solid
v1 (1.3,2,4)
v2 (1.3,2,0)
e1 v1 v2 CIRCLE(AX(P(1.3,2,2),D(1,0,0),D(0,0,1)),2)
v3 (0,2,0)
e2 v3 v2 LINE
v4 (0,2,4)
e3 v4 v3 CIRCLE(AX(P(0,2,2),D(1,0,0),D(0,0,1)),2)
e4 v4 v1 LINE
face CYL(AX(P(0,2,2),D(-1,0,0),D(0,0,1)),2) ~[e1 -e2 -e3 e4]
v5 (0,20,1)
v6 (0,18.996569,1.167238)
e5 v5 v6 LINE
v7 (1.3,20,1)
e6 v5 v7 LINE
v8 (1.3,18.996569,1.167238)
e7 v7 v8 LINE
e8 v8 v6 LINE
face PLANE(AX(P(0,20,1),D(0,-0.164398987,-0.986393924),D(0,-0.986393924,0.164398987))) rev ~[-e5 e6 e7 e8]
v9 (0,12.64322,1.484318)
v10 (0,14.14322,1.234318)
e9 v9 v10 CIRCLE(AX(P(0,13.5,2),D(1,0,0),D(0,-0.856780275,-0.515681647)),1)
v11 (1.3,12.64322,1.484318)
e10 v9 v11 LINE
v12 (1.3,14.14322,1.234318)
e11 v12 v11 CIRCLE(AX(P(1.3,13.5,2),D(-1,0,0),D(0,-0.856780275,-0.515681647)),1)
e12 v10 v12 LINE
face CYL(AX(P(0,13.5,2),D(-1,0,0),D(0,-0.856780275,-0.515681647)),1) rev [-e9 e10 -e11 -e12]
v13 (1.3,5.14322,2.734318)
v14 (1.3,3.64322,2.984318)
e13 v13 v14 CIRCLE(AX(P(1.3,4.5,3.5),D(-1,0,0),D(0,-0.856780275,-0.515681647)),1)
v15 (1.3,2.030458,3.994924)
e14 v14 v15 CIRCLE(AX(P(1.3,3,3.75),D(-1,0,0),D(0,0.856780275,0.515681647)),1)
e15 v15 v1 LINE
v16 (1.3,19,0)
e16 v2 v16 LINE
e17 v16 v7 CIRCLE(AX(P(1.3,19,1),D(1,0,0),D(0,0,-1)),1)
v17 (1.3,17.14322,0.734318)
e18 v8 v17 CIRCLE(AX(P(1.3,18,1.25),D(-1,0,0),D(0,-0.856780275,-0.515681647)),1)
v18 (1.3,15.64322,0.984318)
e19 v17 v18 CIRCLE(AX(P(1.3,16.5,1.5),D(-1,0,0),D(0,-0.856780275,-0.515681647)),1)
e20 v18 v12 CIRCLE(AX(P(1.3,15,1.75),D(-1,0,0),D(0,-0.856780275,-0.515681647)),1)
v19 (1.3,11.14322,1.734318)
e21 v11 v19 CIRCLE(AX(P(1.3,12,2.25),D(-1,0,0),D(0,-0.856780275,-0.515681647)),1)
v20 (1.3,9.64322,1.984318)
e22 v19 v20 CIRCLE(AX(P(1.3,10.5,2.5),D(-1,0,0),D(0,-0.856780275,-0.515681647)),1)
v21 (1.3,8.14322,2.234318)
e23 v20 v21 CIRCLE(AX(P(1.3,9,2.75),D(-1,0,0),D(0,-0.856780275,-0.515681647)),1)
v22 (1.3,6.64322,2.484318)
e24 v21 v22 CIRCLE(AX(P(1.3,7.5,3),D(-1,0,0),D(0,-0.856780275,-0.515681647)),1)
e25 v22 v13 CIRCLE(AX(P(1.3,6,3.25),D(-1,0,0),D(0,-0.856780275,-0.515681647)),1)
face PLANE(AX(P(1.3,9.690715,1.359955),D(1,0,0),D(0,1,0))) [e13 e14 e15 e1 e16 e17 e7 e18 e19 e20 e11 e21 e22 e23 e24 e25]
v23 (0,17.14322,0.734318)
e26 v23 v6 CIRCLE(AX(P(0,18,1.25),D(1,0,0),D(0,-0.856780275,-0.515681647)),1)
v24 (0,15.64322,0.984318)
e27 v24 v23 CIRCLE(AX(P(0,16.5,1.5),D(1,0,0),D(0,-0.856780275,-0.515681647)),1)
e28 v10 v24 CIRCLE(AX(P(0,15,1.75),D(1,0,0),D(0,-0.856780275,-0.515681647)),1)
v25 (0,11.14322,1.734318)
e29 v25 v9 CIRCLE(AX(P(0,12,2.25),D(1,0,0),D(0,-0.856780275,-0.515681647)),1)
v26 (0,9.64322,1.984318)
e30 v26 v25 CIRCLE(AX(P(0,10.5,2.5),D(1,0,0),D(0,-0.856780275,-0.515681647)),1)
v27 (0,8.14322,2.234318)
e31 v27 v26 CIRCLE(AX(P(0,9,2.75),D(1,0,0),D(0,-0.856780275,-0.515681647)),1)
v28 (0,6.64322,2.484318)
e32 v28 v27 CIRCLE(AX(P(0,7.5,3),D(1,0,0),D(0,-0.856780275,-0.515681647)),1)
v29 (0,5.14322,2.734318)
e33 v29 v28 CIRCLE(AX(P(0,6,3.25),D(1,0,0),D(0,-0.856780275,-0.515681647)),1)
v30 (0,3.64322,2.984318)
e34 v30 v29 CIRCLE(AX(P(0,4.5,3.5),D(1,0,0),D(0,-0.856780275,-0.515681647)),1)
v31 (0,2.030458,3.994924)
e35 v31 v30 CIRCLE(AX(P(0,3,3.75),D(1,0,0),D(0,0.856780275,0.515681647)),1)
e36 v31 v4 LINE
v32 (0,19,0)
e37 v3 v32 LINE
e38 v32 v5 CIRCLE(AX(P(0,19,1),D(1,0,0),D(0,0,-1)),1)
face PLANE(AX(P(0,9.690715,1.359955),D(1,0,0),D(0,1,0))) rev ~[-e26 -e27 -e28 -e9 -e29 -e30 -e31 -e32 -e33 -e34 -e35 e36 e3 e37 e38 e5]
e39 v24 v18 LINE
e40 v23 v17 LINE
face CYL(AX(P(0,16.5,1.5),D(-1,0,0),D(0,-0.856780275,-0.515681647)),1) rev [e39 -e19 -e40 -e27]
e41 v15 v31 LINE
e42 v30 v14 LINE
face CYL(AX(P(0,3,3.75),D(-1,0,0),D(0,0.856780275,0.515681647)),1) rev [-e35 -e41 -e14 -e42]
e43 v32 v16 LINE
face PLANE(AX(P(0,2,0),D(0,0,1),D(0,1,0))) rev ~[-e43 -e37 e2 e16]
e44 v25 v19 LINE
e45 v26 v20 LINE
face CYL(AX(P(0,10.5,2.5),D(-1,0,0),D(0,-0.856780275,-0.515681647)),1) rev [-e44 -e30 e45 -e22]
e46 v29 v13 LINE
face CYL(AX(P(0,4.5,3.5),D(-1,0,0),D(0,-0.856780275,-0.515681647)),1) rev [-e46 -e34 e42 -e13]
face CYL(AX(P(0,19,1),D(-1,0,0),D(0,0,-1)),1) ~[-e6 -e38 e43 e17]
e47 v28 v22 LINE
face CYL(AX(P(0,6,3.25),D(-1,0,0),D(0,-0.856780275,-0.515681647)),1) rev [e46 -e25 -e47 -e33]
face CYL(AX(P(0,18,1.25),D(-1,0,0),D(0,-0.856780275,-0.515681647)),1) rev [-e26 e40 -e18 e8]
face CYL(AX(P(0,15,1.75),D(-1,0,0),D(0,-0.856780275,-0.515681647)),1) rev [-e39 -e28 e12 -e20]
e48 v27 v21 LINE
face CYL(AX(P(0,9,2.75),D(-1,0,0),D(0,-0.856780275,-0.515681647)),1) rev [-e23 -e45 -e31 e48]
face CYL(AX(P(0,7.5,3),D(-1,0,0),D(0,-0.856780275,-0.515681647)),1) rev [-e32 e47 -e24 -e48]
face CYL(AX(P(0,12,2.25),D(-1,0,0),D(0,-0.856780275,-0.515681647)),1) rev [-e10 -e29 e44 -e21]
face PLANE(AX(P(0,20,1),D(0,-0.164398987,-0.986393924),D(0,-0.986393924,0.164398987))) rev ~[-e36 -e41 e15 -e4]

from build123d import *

# Parameters (mm, degrees)
F2_DEPTH = 1.3
F3_DEPTH = 1.301


with BuildPart() as f2:
    # F0 (on Right) → F2 (new body)
    with BuildSketch(Plane.YZ):
        with BuildLine():
            ThreePointArc((2, 4), (0, 2), (2, 0))
            Line((2, 0), (19, 0))
            ThreePointArc((19, 0), (19.7071067812, 0.2928932188), (20, 1))
            Line((20, 1), (2, 4))
        make_face()
    extrude(amount=F2_DEPTH)

    # F1 (on Right) → F3 (cut, through all)
    with BuildSketch(Plane.YZ):
        with BuildLine():
            ThreePointArc((9.6432197255, 1.9843183529), (9.906426976, 2.3276374339), (10, 2.75))
            ThreePointArc((10, 2.75), (9.9635300396, 3.017600192), (9.8567802745, 3.2656816471))
            ThreePointArc((9.8567802745, 3.2656816471), (9.5136060762, 2.6643989873), (9.6432197255, 1.9843183529))
        make_face()
        with BuildLine():
            ThreePointArc((9.8567802745, 3.2656816471), (9.9635300396, 3.017600192), (10, 2.75))
            ThreePointArc((10, 2.75), (9.906426976, 2.3276374339), (9.6432197255, 1.9843183529))
            ThreePointArc((9.6432197255, 1.9843183529), (10.3356010127, 1.5136060762), (11.1432197255, 1.7343183529))
            ThreePointArc((11.1432197255, 1.7343183529), (11.0136060762, 2.4143989873), (11.3567802745, 3.0156816471))
            ThreePointArc((11.3567802745, 3.0156816471), (10.6643989873, 3.4863939238), (9.8567802745, 3.2656816471))
        make_face()
        with BuildLine():
            ThreePointArc((9.6432197255, 1.9843183529), (9.5136060762, 2.6643989873), (9.8567802745, 3.2656816471))
            ThreePointArc((9.8567802745, 3.2656816471), (9.1643989873, 3.7363939238), (8.3567802745, 3.5156816471))
            ThreePointArc((8.3567802745, 3.5156816471), (8.4635300396, 3.267600192), (8.5, 3))
            ThreePointArc((8.5, 3), (8.406426976, 2.5776374339), (8.1432197255, 2.2343183529))
            ThreePointArc((8.1432197255, 2.2343183529), (8.8356010127, 1.7636060762), (9.6432197255, 1.9843183529))
        make_face()
        with BuildLine():
            ThreePointArc((8.5, 3), (8.4635300396, 3.267600192), (8.3567802745, 3.5156816471))
            ThreePointArc((8.3567802745, 3.5156816471), (8.0136060762, 2.9143989873), (8.1432197255, 2.2343183529))
            ThreePointArc((8.1432197255, 2.2343183529), (8.406426976, 2.5776374339), (8.5, 3))
        make_face()
        with BuildLine():
            ThreePointArc((8.1432197255, 2.2343183529), (8.0136060762, 2.9143989873), (8.3567802745, 3.5156816471))
            ThreePointArc((8.3567802745, 3.5156816471), (7.6643989873, 3.9863939238), (6.8567802745, 3.7656816471))
            ThreePointArc((6.8567802745, 3.7656816471), (6.9635300396, 3.517600192), (7, 3.25))
            ThreePointArc((7, 3.25), (6.906426976, 2.8276374339), (6.6432197255, 2.4843183529))
            ThreePointArc((6.6432197255, 2.4843183529), (7.3356010127, 2.0136060762), (8.1432197255, 2.2343183529))
        make_face()
        with BuildLine():
            ThreePointArc((12.8567802745, 2.7656816471), (12.1643989873, 3.2363939238), (11.3567802745, 3.0156816471))
            ThreePointArc((11.3567802745, 3.0156816471), (11.4635300396, 2.767600192), (11.5, 2.5))
            ThreePointArc((11.5, 2.5), (11.406426976, 2.0776374339), (11.1432197255, 1.7343183529))
            ThreePointArc((11.1432197255, 1.7343183529), (11.8356010127, 1.2636060762), (12.6432197255, 1.4843183529))
            ThreePointArc((12.6432197255, 1.4843183529), (12.5136060762, 2.1643989873), (12.8567802745, 2.7656816471))
        make_face()
        with BuildLine():
            ThreePointArc((11.5, 2.5), (11.4635300396, 2.767600192), (11.3567802745, 3.0156816471))
            ThreePointArc((11.3567802745, 3.0156816471), (11.0136060762, 2.4143989873), (11.1432197255, 1.7343183529))
            ThreePointArc((11.1432197255, 1.7343183529), (11.406426976, 2.0776374339), (11.5, 2.5))
        make_face()
        with BuildLine():
            ThreePointArc((6.6432197255, 2.4843183529), (6.5136060762, 3.1643989873), (6.8567802745, 3.7656816471))
            ThreePointArc((6.8567802745, 3.7656816471), (6.1643989873, 4.2363939238), (5.3567802745, 4.0156816471))
            ThreePointArc((5.3567802745, 4.0156816471), (5.4635300396, 3.767600192), (5.5, 3.5))
            ThreePointArc((5.5, 3.5), (5.406426976, 3.0776374339), (5.1432197255, 2.7343183529))
            ThreePointArc((5.1432197255, 2.7343183529), (5.8356010127, 2.2636060762), (6.6432197255, 2.4843183529))
        make_face()
        with BuildLine():
            ThreePointArc((7, 3.25), (6.9635300396, 3.517600192), (6.8567802745, 3.7656816471))
            ThreePointArc((6.8567802745, 3.7656816471), (6.5136060762, 3.1643989873), (6.6432197255, 2.4843183529))
            ThreePointArc((6.6432197255, 2.4843183529), (6.906426976, 2.8276374339), (7, 3.25))
        make_face()
        with BuildLine():
            ThreePointArc((14.3567802745, 2.5156816471), (13.6643989873, 2.9863939238), (12.8567802745, 2.7656816471))
            ThreePointArc((12.8567802745, 2.7656816471), (12.9635300396, 2.517600192), (13, 2.25))
            ThreePointArc((13, 2.25), (12.906426976, 1.8276374339), (12.6432197255, 1.4843183529))
            ThreePointArc((12.6432197255, 1.4843183529), (13.3356010127, 1.0136060762), (14.1432197255, 1.2343183529))
            ThreePointArc((14.1432197255, 1.2343183529), (14.0136060762, 1.9143989873), (14.3567802745, 2.5156816471))
        make_face()
        with BuildLine():
            ThreePointArc((13, 2.25), (12.9635300396, 2.517600192), (12.8567802745, 2.7656816471))
            ThreePointArc((12.8567802745, 2.7656816471), (12.5136060762, 2.1643989873), (12.6432197255, 1.4843183529))
            ThreePointArc((12.6432197255, 1.4843183529), (12.906426976, 1.8276374339), (13, 2.25))
        make_face()
        with BuildLine():
            ThreePointArc((5.1432197255, 2.7343183529), (5.0136060762, 3.4143989873), (5.3567802745, 4.0156816471))
            ThreePointArc((5.3567802745, 4.0156816471), (4.6643989873, 4.4863939238), (3.8567802745, 4.2656816471))
            ThreePointArc((3.8567802745, 4.2656816471), (3.9635300396, 4.017600192), (4, 3.75))
            ThreePointArc((4, 3.75), (3.906426976, 3.3276374339), (3.6432197255, 2.9843183529))
            ThreePointArc((3.6432197255, 2.9843183529), (4.3356010127, 2.5136060762), (5.1432197255, 2.7343183529))
        make_face()
        with BuildLine():
            ThreePointArc((5.5, 3.5), (5.4635300396, 3.767600192), (5.3567802745, 4.0156816471))
            ThreePointArc((5.3567802745, 4.0156816471), (5.0136060762, 3.4143989873), (5.1432197255, 2.7343183529))
            ThreePointArc((5.1432197255, 2.7343183529), (5.406426976, 3.0776374339), (5.5, 3.5))
        make_face()
        with BuildLine():
            ThreePointArc((15.8567802745, 2.2656816471), (15.1643989873, 2.7363939238), (14.3567802745, 2.5156816471))
            ThreePointArc((14.3567802745, 2.5156816471), (14.4635300396, 2.267600192), (14.5, 2))
            ThreePointArc((14.5, 2), (14.406426976, 1.5776374339), (14.1432197255, 1.2343183529))
            ThreePointArc((14.1432197255, 1.2343183529), (14.8356010127, 0.7636060762), (15.6432197255, 0.9843183529))
            ThreePointArc((15.6432197255, 0.9843183529), (15.5136060762, 1.6643989873), (15.8567802745, 2.2656816471))
        make_face()
        with BuildLine():
            ThreePointArc((14.5, 2), (14.4635300396, 2.267600192), (14.3567802745, 2.5156816471))
            ThreePointArc((14.3567802745, 2.5156816471), (14.0136060762, 1.9143989873), (14.1432197255, 1.2343183529))
            ThreePointArc((14.1432197255, 1.2343183529), (14.406426976, 1.5776374339), (14.5, 2))
        make_face()
        with BuildLine():
            ThreePointArc((4, 3.75), (3.9635300396, 4.017600192), (3.8567802745, 4.2656816471))
            ThreePointArc((3.8567802745, 4.2656816471), (3.5136060762, 3.6643989873), (3.6432197255, 2.9843183529))
            ThreePointArc((3.6432197255, 2.9843183529), (3.906426976, 3.3276374339), (4, 3.75))
        make_face()
        with BuildLine():
            ThreePointArc((3.6432197255, 2.9843183529), (3.5136060762, 3.6643989873), (3.8567802745, 4.2656816471))
            ThreePointArc((3.8567802745, 4.2656816471), (2.0136060762, 3.9143989873), (3.6432197255, 2.9843183529))
        make_face()
        with BuildLine():
            ThreePointArc((17.3567802745, 2.0156816471), (16.6643989873, 2.4863939238), (15.8567802745, 2.2656816471))
            ThreePointArc((15.8567802745, 2.2656816471), (15.9635300396, 2.017600192), (16, 1.75))
            ThreePointArc((16, 1.75), (15.906426976, 1.3276374339), (15.6432197255, 0.9843183529))
            ThreePointArc((15.6432197255, 0.9843183529), (16.3356010127, 0.5136060762), (17.1432197255, 0.7343183529))
            ThreePointArc((17.1432197255, 0.7343183529), (17.0136060762, 1.4143989873), (17.3567802745, 2.0156816471))
        make_face()
        with BuildLine():
            ThreePointArc((16, 1.75), (15.9635300396, 2.017600192), (15.8567802745, 2.2656816471))
            ThreePointArc((15.8567802745, 2.2656816471), (15.5136060762, 1.6643989873), (15.6432197255, 0.9843183529))
            ThreePointArc((15.6432197255, 0.9843183529), (15.906426976, 1.3276374339), (16, 1.75))
        make_face()
        with BuildLine():
            ThreePointArc((19, 1.25), (18.4223625661, 2.156426976), (17.3567802745, 2.0156816471))
            ThreePointArc((17.3567802745, 2.0156816471), (17.4635300396, 1.767600192), (17.5, 1.5))
            ThreePointArc((17.5, 1.5), (17.406426976, 1.0776374339), (17.1432197255, 0.7343183529))
            ThreePointArc((17.1432197255, 0.7343183529), (18.267600192, 0.2864699604), (19, 1.25))
        make_face()
        with BuildLine():
            ThreePointArc((17.5, 1.5), (17.4635300396, 1.767600192), (17.3567802745, 2.0156816471))
            ThreePointArc((17.3567802745, 2.0156816471), (17.0136060762, 1.4143989873), (17.1432197255, 0.7343183529))
            ThreePointArc((17.1432197255, 0.7343183529), (17.406426976, 1.0776374339), (17.5, 1.5))
        make_face()
    extrude(amount=F3_DEPTH, mode=Mode.SUBTRACT)


solid = f2.part
